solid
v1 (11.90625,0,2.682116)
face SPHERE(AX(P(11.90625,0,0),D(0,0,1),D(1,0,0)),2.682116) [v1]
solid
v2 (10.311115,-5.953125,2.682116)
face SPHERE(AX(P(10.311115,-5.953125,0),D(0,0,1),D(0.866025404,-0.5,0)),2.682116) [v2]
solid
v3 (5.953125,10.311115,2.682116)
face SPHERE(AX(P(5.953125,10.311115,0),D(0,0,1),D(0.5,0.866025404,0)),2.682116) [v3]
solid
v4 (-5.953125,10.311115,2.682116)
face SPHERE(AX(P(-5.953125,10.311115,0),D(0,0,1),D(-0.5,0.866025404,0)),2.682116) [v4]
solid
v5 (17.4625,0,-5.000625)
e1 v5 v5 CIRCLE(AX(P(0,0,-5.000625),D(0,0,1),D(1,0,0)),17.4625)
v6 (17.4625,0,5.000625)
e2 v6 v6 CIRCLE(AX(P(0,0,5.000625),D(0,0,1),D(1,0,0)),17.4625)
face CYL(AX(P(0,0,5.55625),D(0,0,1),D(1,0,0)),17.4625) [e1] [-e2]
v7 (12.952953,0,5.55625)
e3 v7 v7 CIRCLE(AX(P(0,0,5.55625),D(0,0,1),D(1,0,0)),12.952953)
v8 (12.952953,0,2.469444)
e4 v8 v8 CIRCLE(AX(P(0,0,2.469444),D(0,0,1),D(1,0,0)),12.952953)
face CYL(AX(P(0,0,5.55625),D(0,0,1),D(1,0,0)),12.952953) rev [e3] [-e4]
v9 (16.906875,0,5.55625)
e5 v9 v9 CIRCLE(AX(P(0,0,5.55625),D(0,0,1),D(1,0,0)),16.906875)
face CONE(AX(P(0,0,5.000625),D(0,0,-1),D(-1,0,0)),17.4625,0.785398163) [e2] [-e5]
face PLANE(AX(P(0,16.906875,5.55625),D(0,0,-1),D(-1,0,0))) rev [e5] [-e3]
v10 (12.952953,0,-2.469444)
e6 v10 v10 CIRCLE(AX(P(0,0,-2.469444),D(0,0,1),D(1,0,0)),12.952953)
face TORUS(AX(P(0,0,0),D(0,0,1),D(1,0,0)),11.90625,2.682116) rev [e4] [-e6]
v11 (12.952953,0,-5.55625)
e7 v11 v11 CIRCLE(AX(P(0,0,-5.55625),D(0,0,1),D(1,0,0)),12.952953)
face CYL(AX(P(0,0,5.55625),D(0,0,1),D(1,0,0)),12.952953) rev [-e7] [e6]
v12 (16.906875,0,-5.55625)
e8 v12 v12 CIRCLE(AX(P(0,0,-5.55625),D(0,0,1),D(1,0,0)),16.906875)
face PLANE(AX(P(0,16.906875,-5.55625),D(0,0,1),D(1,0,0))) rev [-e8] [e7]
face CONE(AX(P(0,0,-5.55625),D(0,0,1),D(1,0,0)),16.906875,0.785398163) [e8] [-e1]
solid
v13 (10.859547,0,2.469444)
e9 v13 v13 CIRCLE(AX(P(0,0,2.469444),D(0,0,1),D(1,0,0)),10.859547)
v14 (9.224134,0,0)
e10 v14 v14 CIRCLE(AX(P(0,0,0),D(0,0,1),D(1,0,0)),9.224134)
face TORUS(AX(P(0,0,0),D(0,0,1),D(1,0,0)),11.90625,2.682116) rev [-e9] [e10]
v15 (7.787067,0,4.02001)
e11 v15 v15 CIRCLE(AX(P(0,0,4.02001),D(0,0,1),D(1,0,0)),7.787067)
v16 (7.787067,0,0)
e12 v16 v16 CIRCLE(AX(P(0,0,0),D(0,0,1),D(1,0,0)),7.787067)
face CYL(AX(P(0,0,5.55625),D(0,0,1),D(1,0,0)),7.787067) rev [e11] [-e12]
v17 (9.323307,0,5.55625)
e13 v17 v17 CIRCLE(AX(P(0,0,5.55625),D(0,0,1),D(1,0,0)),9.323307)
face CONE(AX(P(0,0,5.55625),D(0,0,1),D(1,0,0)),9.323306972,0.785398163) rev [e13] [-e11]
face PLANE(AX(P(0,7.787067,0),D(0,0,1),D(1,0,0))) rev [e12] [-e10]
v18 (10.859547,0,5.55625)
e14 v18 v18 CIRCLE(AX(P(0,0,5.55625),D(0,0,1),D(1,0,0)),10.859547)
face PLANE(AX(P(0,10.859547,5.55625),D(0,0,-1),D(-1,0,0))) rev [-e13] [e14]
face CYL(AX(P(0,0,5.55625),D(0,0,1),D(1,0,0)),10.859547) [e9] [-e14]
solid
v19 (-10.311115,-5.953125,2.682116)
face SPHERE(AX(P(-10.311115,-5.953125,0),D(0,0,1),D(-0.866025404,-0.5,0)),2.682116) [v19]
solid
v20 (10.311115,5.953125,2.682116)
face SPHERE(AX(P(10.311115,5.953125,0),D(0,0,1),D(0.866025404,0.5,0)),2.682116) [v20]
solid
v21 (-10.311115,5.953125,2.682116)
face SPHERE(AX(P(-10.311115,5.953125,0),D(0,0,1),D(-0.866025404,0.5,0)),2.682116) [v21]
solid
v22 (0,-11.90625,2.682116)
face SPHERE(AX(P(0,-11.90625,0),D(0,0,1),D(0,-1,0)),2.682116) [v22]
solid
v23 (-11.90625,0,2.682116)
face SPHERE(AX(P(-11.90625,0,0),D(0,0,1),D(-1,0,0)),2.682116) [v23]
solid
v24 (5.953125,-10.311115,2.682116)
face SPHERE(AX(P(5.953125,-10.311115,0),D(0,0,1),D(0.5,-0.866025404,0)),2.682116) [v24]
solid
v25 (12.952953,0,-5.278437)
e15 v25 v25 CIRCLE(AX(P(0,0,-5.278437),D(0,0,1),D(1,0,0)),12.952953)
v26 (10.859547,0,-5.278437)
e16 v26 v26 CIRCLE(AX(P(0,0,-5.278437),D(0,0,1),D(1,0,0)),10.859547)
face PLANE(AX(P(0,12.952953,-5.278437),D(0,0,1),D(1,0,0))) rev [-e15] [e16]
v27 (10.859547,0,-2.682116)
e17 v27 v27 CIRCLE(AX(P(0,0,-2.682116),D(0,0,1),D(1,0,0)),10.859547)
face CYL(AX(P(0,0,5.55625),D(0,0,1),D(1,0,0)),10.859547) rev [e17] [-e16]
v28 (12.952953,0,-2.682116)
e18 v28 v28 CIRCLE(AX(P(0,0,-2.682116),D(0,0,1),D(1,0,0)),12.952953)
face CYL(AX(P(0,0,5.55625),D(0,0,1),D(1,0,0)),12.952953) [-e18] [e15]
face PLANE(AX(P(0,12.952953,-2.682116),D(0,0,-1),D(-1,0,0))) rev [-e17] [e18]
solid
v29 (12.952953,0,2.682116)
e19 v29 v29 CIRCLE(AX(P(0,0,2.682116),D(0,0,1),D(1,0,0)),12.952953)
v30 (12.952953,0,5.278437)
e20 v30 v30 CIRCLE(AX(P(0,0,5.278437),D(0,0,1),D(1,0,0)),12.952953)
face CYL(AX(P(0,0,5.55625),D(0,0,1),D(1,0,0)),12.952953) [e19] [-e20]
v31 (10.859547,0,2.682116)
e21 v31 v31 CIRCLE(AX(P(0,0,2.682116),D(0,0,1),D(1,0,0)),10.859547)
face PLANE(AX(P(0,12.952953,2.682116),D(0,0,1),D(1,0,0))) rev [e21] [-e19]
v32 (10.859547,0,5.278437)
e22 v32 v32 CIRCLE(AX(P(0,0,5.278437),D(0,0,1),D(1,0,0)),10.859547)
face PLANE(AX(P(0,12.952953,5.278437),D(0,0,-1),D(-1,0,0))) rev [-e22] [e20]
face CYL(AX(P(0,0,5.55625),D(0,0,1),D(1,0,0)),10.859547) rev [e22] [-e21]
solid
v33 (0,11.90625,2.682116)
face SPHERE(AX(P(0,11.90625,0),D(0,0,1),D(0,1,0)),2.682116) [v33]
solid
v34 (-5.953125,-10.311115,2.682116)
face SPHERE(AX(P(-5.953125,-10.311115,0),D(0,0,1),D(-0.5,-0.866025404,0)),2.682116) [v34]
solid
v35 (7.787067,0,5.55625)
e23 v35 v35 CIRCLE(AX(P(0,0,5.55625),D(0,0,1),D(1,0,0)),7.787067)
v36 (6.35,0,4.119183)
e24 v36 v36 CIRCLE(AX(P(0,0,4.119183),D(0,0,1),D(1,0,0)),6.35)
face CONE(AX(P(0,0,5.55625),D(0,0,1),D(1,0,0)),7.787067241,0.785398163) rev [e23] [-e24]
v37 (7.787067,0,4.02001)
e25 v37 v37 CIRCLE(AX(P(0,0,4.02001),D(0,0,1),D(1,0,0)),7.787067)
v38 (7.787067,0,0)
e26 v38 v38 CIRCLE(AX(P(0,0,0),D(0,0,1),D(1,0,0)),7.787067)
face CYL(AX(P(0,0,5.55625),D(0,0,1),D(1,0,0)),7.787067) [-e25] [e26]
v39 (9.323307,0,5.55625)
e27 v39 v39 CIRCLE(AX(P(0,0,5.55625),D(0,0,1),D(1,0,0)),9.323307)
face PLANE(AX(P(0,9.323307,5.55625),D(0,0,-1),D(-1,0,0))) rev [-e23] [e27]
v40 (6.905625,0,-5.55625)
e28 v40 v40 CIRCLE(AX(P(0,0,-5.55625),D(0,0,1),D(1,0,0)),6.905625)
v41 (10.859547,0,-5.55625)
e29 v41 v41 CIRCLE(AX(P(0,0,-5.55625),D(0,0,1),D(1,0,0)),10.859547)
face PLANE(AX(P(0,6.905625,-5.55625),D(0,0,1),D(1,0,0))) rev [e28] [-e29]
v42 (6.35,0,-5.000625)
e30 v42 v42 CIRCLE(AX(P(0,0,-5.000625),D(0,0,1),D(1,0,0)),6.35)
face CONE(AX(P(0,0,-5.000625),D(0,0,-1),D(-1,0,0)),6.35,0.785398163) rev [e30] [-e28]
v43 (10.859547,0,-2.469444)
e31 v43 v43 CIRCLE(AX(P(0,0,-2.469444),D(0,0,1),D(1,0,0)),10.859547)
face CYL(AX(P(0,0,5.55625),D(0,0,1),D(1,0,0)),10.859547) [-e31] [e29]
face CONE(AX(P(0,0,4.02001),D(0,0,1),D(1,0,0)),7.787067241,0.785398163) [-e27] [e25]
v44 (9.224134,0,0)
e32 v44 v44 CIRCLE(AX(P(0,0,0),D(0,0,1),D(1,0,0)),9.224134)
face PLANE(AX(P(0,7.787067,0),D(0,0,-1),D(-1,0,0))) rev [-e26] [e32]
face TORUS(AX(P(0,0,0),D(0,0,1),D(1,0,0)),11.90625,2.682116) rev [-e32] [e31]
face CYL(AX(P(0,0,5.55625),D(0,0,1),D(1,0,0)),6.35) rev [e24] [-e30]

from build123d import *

# Parameters (mm, degrees)
CIRPATTERN1_COUNT = 12
SKETCH5_W         = 2.596321981
SKETCH5_H         = 2.093406594


with BuildPart() as part:
    # Sketch1 → Revolve1 (revolve)
    with BuildSketch(Plane(origin=(0, 0, 0), x_dir=(0, 0, -1), z_dir=(1, 0, 0))):
        with BuildLine():
            Line((5.000625, 17.4625), (-5.000625, 17.4625))
            Line((-5.000625, 17.4625), (-5.55625, 16.906875))
            Line((-5.55625, 16.906875), (-5.55625, 12.952953297))
            Line((-5.55625, 12.952953297), (-2.469444444, 12.952953297))
            ThreePointArc((-2.469444444, 12.952953297), (0, 14.588365519), (2.469444444, 12.952953297))
            Line((2.469444444, 12.952953297), (5.55625, 12.952953297))
            Line((5.55625, 12.952953297), (5.55625, 16.906875))
            Line((5.55625, 16.906875), (5.000625, 17.4625))
        make_face()
    revolve(axis=Axis((0, 0, 5.55625), (0, 0, -1)))


with BuildPart() as body_2:
    # Sketch2 → Revolve2 (revolve)
    with BuildSketch(Plane(origin=(0, 0, 0), x_dir=(0, 0, -1), z_dir=(1, 0, 0))):
        with BuildLine():
            Line((-5.55625, 10.859546703), (-2.469444444, 10.859546703))
            ThreePointArc((-2.469444444, 10.859546703), (-1.480939651, 9.670056492), (0, 9.224134481))
            Line((0, 9.224134481), (0, 7.787067241))
            Line((0, 7.787067241), (-4.020010269, 7.787067241))
            Line((-4.020010269, 7.787067241), (-5.55625, 9.323306972))
            Line((-5.55625, 9.323306972), (-5.55625, 10.859546703))
        make_face()
    revolve(axis=Axis((0, 0, 5.55625), (0, 0, -1)))


with BuildPart() as body_3:
    # Sketch3 → Revolve3 (revolve)
    with BuildSketch(Plane(origin=(0, 0, 0), x_dir=(0, 0, -1), z_dir=(1, 0, 0))):
        with BuildLine():
            Line((-5.55625, 9.323306972), (-4.020010269, 7.787067241))
            Line((-4.020010269, 7.787067241), (0, 7.787067241))
            Line((0, 7.787067241), (0, 9.224134481))
            ThreePointArc((0, 9.224134481), (1.480939651, 9.670056492), (2.469444444, 10.859546703))
            Line((2.469444444, 10.859546703), (5.55625, 10.859546703))
            Line((5.55625, 10.859546703), (5.55625, 6.905625))
            Line((5.55625, 6.905625), (5.000625, 6.35))
            Line((5.000625, 6.35), (-4.119182759, 6.35))
            Line((-4.119182759, 6.35), (-5.55625, 7.787067241))
            Line((-5.55625, 7.787067241), (-5.55625, 9.323306972))
        make_face()
    revolve(axis=Axis((0, 0, 5.55625), (0, 0, -1)))


with BuildPart() as body_4:
    # Sketch4 → Revolve4 (revolve)
    with BuildSketch(Plane(origin=(0, 0, 0), x_dir=(0, 0, -1), z_dir=(1, 0, 0))):
        with BuildLine():
            Line((-2.682115519, 11.90625), (2.682115519, 11.90625))
            ThreePointArc((2.682115519, 11.90625), (0, 14.588365519), (-2.682115519, 11.90625))
        make_face()
    revolve(axis=Axis((0, 11.90625, 2.682115519), (0, 0, -1)))


with BuildPart() as cirpattern1_1:
    # CirPattern1: pattern copy
    add(body_4.part.rotate(Axis((0, 0, -5.55625), (0, 0, 1)), 1 * 360 / CIRPATTERN1_COUNT))


with BuildPart() as cirpattern1_2:
    # CirPattern1: pattern copy
    add(body_4.part.rotate(Axis((0, 0, -5.55625), (0, 0, 1)), 2 * 360 / CIRPATTERN1_COUNT))


with BuildPart() as cirpattern1_3:
    # CirPattern1: pattern copy
    add(body_4.part.rotate(Axis((0, 0, -5.55625), (0, 0, 1)), 3 * 360 / CIRPATTERN1_COUNT))


with BuildPart() as cirpattern1_4:
    # CirPattern1: pattern copy
    add(body_4.part.rotate(Axis((0, 0, -5.55625), (0, 0, 1)), 4 * 360 / CIRPATTERN1_COUNT))


with BuildPart() as cirpattern1_5:
    # CirPattern1: pattern copy
    add(body_4.part.rotate(Axis((0, 0, -5.55625), (0, 0, 1)), 5 * 360 / CIRPATTERN1_COUNT))


with BuildPart() as cirpattern1_6:
    # CirPattern1: pattern copy
    add(body_4.part.rotate(Axis((0, 0, -5.55625), (0, 0, 1)), 6 * 360 / CIRPATTERN1_COUNT))


with BuildPart() as cirpattern1_7:
    # CirPattern1: pattern copy
    add(body_4.part.rotate(Axis((0, 0, -5.55625), (0, 0, 1)), 7 * 360 / CIRPATTERN1_COUNT))


with BuildPart() as cirpattern1_8:
    # CirPattern1: pattern copy
    add(body_4.part.rotate(Axis((0, 0, -5.55625), (0, 0, 1)), 8 * 360 / CIRPATTERN1_COUNT))


with BuildPart() as cirpattern1_9:
    # CirPattern1: pattern copy
    add(body_4.part.rotate(Axis((0, 0, -5.55625), (0, 0, 1)), 9 * 360 / CIRPATTERN1_COUNT))


with BuildPart() as cirpattern1_10:
    # CirPattern1: pattern copy
    add(body_4.part.rotate(Axis((0, 0, -5.55625), (0, 0, 1)), 10 * 360 / CIRPATTERN1_COUNT))


with BuildPart() as cirpattern1_11:
    # CirPattern1: pattern copy
    add(body_4.part.rotate(Axis((0, 0, -5.55625), (0, 0, 1)), 11 * 360 / CIRPATTERN1_COUNT))


with BuildPart() as body_16:
    # Sketch5 → Revolve5 (revolve)
    with BuildSketch(Plane(origin=(0, 0, 0), x_dir=(0, 0, -1), z_dir=(1, 0, 0))):
        with Locations((-3.98027651, 11.90625)):
            Rectangle(SKETCH5_W, SKETCH5_H)
        with Locations((3.98027651, 11.90625)):
            Rectangle(SKETCH5_W, SKETCH5_H)
    revolve(axis=Axis((0, 0, 5.55625), (0, 0, -1)))


solid = Compound([part.part, body_2.part, body_3.part, body_4.part, cirpattern1_1.part, cirpattern1_2.part, cirpattern1_3.part, cirpattern1_4.part, cirpattern1_5.part, cirpattern1_6.part, cirpattern1_7.part, cirpattern1_8.part, cirpattern1_9.part, cirpattern1_10.part, cirpattern1_11.part, body_16.part])
